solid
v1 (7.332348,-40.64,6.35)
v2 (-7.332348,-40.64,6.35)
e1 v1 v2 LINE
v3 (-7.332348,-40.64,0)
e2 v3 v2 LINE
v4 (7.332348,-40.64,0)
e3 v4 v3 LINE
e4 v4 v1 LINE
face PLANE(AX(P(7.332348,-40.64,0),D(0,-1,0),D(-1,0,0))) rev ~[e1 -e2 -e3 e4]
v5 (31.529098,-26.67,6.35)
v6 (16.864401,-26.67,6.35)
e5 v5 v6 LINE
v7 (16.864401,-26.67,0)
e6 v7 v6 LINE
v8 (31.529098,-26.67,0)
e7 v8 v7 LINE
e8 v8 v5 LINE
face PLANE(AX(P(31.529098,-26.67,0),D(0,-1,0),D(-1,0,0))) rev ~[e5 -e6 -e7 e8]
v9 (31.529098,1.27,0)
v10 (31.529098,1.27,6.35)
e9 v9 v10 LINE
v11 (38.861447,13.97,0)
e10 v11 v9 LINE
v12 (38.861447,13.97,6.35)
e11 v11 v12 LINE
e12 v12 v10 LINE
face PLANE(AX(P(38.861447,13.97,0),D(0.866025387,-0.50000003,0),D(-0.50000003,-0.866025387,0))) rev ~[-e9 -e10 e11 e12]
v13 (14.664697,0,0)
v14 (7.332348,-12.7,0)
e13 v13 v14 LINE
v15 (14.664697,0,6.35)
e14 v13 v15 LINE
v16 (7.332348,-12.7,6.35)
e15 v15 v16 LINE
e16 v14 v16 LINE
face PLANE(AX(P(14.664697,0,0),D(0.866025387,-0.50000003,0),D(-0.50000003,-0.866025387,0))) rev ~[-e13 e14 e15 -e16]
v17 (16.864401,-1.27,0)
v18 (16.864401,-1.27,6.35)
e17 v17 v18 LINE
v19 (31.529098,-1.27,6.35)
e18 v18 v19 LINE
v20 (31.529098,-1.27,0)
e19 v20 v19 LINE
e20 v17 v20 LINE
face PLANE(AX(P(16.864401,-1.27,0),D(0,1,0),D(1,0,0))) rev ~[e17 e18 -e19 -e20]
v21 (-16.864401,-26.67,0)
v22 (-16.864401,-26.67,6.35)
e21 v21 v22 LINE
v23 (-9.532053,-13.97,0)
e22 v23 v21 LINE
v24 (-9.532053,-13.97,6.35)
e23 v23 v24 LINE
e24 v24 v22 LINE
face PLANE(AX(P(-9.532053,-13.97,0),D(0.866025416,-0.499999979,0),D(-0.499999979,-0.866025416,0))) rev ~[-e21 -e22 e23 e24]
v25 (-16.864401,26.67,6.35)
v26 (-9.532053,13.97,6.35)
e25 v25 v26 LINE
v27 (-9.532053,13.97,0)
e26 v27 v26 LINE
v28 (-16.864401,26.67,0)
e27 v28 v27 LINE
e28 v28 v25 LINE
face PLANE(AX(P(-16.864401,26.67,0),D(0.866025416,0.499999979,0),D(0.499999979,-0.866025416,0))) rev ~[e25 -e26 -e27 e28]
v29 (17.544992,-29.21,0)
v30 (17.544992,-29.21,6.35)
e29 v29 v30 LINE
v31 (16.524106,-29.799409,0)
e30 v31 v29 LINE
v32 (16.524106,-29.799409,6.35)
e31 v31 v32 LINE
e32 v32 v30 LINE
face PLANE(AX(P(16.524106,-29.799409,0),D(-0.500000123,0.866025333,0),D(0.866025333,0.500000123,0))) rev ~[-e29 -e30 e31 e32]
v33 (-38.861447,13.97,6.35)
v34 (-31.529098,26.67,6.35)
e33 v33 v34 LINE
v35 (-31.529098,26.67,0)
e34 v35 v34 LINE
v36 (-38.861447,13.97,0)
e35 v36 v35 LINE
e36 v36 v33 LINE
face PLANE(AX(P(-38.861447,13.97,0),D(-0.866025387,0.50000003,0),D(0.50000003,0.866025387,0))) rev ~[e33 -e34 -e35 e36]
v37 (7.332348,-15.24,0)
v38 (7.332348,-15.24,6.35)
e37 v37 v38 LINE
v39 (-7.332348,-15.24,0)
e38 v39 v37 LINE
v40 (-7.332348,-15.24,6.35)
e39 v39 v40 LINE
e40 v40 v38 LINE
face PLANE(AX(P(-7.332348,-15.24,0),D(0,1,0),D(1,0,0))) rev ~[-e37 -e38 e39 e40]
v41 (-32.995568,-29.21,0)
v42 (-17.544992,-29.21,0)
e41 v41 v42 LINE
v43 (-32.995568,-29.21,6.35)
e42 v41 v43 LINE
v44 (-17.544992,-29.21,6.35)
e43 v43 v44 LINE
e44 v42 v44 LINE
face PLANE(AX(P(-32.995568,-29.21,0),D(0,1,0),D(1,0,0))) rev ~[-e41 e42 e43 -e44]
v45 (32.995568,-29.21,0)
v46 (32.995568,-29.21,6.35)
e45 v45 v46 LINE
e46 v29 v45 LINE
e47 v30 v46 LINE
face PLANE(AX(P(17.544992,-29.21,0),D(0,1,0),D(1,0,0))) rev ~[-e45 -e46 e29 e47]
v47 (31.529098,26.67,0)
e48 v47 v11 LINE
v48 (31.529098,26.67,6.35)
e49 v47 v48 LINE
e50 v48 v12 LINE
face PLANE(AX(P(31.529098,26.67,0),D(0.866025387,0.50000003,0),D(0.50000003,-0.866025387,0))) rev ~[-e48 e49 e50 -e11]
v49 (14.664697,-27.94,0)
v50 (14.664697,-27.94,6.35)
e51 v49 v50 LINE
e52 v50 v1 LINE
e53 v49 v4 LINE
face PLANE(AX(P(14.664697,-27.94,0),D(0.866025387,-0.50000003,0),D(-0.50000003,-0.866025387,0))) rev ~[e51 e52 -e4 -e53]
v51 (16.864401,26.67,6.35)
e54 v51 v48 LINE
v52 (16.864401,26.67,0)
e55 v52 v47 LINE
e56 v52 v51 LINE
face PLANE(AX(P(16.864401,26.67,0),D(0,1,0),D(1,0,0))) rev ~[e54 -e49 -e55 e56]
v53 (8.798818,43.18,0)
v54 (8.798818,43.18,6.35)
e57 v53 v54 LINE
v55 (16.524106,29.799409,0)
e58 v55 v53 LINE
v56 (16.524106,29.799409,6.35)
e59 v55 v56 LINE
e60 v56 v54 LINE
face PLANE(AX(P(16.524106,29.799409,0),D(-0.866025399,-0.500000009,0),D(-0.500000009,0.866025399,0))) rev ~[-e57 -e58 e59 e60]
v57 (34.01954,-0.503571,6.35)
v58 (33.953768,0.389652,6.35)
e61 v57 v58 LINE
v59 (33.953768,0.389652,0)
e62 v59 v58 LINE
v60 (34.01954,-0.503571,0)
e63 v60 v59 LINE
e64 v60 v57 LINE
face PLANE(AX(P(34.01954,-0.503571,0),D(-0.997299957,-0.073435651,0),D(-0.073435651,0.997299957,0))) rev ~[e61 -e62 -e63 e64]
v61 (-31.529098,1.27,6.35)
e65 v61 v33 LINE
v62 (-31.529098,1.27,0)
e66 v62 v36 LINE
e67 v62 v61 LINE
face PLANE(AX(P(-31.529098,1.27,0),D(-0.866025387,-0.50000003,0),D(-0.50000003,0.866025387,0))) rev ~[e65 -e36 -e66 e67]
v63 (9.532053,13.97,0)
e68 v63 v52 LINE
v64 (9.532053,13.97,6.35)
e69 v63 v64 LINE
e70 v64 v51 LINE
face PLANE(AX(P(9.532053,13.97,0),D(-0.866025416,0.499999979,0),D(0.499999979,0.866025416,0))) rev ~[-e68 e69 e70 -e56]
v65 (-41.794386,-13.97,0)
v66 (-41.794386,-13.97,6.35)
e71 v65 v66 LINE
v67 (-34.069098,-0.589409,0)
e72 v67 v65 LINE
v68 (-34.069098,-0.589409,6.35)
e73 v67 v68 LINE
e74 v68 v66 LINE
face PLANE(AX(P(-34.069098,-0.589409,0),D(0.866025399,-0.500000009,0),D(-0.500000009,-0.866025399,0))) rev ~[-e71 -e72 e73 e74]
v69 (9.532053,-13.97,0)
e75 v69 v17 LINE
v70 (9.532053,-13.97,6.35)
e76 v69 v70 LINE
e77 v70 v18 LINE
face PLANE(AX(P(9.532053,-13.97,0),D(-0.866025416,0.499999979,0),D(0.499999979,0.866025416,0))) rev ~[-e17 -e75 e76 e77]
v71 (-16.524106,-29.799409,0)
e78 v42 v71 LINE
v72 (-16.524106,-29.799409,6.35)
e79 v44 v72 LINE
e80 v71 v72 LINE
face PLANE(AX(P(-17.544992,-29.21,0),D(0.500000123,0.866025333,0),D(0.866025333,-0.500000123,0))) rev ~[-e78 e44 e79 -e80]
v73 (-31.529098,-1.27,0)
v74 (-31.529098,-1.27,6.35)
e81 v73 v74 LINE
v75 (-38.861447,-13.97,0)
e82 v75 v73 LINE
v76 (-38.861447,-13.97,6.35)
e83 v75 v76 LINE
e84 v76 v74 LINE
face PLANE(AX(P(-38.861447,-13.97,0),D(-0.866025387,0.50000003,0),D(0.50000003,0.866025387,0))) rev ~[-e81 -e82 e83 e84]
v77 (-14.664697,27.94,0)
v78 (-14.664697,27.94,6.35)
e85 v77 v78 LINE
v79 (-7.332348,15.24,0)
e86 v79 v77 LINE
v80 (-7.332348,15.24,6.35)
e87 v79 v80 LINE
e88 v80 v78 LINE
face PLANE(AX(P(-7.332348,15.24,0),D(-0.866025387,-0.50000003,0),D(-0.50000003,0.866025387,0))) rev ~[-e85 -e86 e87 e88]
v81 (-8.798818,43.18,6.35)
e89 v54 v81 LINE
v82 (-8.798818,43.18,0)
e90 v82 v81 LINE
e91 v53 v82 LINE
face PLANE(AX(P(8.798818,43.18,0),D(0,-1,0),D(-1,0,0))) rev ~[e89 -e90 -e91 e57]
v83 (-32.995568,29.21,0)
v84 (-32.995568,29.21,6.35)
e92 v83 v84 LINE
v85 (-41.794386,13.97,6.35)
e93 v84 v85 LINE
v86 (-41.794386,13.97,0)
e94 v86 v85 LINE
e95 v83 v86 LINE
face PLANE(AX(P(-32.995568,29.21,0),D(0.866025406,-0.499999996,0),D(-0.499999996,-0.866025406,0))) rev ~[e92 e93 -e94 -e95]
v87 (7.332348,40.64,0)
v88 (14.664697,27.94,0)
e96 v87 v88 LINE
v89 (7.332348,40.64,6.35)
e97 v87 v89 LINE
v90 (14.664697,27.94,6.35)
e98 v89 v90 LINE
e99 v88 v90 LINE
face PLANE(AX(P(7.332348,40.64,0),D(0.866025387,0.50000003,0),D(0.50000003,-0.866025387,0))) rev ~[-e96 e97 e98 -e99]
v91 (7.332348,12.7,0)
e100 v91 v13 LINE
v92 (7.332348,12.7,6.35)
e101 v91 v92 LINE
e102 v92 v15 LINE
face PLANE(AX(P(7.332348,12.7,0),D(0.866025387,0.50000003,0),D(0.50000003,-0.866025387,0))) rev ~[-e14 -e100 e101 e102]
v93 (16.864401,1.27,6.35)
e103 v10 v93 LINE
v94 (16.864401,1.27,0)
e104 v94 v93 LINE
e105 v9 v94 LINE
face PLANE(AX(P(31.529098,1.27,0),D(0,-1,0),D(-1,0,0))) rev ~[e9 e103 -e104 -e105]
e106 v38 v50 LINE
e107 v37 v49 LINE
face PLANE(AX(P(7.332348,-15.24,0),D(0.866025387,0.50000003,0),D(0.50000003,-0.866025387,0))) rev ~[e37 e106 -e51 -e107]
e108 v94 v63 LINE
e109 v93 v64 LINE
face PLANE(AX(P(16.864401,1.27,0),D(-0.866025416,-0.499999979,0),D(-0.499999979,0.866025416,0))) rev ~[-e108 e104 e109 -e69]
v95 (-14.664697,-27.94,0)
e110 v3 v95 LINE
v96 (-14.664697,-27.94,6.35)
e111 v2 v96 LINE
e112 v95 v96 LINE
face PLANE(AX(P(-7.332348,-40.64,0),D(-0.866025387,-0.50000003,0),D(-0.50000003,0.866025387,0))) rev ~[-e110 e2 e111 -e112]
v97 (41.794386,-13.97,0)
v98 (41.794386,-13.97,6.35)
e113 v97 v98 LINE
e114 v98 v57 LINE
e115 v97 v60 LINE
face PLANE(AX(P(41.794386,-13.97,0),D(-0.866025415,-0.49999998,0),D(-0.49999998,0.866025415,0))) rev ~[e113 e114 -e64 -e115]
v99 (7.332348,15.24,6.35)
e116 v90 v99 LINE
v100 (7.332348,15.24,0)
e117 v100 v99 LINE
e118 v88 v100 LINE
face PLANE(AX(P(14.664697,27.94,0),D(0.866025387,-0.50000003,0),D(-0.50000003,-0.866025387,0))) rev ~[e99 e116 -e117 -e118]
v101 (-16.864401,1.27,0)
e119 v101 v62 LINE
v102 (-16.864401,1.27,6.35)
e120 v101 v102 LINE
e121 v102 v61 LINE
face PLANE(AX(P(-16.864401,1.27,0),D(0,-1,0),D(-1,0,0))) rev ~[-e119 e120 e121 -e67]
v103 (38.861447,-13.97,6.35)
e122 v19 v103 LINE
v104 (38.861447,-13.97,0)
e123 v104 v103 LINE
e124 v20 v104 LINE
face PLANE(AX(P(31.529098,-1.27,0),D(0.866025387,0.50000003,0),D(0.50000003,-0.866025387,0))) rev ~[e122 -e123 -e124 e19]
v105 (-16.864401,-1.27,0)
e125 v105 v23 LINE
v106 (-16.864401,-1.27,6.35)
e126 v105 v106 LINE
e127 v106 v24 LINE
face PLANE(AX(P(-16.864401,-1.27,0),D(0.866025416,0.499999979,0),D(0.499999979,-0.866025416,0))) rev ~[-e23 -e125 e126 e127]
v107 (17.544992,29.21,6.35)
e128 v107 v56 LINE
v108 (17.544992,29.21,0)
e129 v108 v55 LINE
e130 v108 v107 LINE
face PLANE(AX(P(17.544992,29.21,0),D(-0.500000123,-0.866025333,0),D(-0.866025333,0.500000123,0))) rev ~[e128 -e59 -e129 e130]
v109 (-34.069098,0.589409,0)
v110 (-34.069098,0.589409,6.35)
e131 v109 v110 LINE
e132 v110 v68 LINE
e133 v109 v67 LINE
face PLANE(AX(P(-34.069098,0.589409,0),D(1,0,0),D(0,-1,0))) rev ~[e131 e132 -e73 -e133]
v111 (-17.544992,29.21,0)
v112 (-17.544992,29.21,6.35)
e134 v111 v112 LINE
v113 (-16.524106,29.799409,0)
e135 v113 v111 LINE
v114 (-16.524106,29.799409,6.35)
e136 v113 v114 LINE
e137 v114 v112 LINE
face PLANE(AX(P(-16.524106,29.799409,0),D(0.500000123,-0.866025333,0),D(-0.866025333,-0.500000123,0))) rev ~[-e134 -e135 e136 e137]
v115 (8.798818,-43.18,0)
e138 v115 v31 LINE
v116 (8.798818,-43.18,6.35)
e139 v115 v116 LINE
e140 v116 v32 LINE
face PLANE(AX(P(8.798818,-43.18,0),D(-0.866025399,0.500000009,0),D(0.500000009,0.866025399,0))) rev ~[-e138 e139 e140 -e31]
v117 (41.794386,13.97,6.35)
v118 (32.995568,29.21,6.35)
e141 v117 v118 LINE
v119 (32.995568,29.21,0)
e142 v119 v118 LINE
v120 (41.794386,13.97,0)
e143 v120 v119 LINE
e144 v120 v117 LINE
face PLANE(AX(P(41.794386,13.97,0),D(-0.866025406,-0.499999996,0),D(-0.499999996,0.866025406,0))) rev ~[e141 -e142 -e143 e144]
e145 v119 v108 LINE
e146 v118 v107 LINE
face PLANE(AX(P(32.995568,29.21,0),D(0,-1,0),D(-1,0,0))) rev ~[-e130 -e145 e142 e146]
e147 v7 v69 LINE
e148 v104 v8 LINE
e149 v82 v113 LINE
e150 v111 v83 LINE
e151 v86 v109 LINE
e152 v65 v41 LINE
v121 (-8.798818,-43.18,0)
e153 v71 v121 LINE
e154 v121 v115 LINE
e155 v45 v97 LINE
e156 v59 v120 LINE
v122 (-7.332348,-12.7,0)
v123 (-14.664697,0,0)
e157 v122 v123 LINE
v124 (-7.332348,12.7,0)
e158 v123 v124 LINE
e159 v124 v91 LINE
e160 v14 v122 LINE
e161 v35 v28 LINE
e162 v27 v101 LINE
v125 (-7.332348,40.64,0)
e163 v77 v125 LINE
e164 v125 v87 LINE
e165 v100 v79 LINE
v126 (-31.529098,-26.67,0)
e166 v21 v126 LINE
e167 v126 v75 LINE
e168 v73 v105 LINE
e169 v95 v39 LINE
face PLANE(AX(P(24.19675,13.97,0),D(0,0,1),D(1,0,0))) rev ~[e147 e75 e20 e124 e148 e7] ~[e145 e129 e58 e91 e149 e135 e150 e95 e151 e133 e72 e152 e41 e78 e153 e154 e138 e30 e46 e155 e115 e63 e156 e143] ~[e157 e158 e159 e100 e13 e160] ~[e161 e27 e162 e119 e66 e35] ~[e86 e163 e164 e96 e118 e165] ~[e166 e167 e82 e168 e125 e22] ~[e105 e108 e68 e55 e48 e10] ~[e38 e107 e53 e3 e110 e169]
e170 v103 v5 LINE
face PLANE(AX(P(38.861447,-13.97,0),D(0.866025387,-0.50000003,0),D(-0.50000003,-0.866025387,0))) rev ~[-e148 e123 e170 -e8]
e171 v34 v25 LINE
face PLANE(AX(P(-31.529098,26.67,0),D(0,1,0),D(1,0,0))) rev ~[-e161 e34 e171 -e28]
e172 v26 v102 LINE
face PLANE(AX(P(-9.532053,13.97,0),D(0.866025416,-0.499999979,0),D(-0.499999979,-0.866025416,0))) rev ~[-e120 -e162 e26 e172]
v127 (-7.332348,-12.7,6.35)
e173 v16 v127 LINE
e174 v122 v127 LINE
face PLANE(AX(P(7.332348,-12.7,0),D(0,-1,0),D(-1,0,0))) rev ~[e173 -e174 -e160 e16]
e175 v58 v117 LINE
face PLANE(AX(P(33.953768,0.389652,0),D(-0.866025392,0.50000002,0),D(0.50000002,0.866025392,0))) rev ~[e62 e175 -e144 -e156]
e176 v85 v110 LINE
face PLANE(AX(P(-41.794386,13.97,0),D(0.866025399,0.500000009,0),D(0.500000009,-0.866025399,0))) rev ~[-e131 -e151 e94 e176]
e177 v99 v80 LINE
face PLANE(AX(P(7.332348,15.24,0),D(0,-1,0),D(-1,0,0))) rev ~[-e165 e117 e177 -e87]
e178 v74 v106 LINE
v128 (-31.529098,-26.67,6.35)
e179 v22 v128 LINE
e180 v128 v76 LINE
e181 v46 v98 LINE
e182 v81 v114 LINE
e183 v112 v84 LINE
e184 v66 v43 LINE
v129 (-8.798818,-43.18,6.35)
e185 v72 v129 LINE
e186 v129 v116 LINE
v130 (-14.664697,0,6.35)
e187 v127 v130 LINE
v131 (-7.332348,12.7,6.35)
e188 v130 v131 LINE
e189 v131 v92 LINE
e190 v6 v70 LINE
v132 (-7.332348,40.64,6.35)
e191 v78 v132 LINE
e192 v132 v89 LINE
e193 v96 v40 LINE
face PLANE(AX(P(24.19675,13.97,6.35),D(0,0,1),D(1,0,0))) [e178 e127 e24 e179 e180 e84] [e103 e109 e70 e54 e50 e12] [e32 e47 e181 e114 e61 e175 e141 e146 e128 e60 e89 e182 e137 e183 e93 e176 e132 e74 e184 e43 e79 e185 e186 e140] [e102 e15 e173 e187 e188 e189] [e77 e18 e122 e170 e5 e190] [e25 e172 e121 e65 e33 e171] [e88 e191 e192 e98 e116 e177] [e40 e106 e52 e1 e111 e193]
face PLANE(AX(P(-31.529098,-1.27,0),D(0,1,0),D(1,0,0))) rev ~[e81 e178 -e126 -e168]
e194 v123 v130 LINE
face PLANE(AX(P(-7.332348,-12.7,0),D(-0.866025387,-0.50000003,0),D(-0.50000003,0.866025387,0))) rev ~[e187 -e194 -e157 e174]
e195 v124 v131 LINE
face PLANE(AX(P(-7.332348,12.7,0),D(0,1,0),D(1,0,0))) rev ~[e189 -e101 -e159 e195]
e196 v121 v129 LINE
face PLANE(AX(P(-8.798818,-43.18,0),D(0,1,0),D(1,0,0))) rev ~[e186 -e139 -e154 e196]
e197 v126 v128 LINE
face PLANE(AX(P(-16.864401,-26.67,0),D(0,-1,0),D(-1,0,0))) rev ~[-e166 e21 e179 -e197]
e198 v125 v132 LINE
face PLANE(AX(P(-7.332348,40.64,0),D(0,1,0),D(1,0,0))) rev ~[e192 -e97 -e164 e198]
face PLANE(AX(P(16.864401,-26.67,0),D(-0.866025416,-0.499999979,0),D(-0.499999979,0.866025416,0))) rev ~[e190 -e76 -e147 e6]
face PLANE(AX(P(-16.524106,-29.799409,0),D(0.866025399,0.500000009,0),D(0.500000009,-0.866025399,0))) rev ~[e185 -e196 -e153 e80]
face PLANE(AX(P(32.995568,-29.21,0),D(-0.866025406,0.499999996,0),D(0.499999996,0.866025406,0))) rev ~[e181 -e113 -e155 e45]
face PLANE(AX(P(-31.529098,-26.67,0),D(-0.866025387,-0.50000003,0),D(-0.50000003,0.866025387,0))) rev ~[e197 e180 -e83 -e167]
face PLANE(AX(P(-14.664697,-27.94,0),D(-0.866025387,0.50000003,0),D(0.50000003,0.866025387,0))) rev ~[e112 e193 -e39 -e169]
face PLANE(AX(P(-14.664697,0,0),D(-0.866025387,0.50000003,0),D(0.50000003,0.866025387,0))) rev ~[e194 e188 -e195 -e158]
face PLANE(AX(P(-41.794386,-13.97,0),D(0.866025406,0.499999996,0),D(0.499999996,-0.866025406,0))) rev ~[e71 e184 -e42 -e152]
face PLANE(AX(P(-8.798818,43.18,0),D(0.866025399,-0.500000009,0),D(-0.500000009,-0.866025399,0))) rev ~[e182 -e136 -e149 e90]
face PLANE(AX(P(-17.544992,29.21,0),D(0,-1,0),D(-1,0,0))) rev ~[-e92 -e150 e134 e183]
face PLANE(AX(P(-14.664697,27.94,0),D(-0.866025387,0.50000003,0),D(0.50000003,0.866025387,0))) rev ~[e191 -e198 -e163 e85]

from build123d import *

# Parameters (mm, degrees)
F1_DEPTH = 6.35


with BuildPart() as f1:
    # F0 (on Top) → F1 (new body)
    with BuildSketch(Plane.XY):
        Polygon((31.529098, 26.67), (16.864401, 26.67), (9.532053, 13.97), (16.864401, 1.27), (31.342068, 1.27), (31.529098, 1.27), (38.861447, 13.97), align=None)
        Polygon((41.794386, 13.97), (32.995568, 29.21), (17.544992, 29.21), (16.524106, 29.799409), (8.798818, 43.18), (-8.798818, 43.18), (-16.524106, 29.799409), (-17.544992, 29.21), (-32.995568, 29.21), (-41.794386, 13.97), (-34.069098, 0.589409), (-34.069098, -0.589409), (-41.794386, -13.97), (-32.995568, -29.21), (-17.544992, -29.21), (-16.524106, -29.799409), (-8.798818, -43.18), (8.798818, -43.18), (16.524106, -29.799409), (17.544992, -29.21), (32.995568, -29.21), (41.794386, -13.97), (34.01954, -0.503571), (33.953768, 0.389652), align=None)
        Polygon((7.332348, -15.24), (14.664697, -27.94), (7.332348, -40.64), (-7.332348, -40.64), (-14.664697, -27.94), (-7.332348, -15.24), align=None, mode=Mode.SUBTRACT)
        Polygon((-9.532053, -13.97), (-16.864401, -26.67), (-31.529098, -26.67), (-38.861447, -13.97), (-31.529098, -1.27), (-16.864401, -1.27), align=None, mode=Mode.SUBTRACT)
        Polygon((16.864401, -1.27), (31.529098, -1.27), (38.861447, -13.97), (31.529098, -26.67), (16.864401, -26.67), (9.532053, -13.97), align=None, mode=Mode.SUBTRACT)
        Polygon((-16.864401, 1.27), (-31.529098, 1.27), (-38.861447, 13.97), (-31.529098, 26.67), (-16.864401, 26.67), (-9.532053, 13.97), align=None, mode=Mode.SUBTRACT)
        Polygon((14.664697, 0), (7.332348, -12.7), (-7.332348, -12.7), (-14.664697, 0), (-7.332348, 12.7), (7.332348, 12.7), align=None, mode=Mode.SUBTRACT)
        Polygon((9.532053, 13.97), (16.864401, 26.67), (31.529098, 26.67), (38.861447, 13.97), (31.529098, 1.27), (31.342068, 1.27), (16.864401, 1.27), align=None, mode=Mode.SUBTRACT)
        Polygon((14.664697, 27.94), (7.332348, 15.24), (-7.332348, 15.24), (-14.664697, 27.94), (-7.332348, 40.64), (7.332348, 40.64), align=None, mode=Mode.SUBTRACT)
    extrude(amount=F1_DEPTH)


solid = f1.part
